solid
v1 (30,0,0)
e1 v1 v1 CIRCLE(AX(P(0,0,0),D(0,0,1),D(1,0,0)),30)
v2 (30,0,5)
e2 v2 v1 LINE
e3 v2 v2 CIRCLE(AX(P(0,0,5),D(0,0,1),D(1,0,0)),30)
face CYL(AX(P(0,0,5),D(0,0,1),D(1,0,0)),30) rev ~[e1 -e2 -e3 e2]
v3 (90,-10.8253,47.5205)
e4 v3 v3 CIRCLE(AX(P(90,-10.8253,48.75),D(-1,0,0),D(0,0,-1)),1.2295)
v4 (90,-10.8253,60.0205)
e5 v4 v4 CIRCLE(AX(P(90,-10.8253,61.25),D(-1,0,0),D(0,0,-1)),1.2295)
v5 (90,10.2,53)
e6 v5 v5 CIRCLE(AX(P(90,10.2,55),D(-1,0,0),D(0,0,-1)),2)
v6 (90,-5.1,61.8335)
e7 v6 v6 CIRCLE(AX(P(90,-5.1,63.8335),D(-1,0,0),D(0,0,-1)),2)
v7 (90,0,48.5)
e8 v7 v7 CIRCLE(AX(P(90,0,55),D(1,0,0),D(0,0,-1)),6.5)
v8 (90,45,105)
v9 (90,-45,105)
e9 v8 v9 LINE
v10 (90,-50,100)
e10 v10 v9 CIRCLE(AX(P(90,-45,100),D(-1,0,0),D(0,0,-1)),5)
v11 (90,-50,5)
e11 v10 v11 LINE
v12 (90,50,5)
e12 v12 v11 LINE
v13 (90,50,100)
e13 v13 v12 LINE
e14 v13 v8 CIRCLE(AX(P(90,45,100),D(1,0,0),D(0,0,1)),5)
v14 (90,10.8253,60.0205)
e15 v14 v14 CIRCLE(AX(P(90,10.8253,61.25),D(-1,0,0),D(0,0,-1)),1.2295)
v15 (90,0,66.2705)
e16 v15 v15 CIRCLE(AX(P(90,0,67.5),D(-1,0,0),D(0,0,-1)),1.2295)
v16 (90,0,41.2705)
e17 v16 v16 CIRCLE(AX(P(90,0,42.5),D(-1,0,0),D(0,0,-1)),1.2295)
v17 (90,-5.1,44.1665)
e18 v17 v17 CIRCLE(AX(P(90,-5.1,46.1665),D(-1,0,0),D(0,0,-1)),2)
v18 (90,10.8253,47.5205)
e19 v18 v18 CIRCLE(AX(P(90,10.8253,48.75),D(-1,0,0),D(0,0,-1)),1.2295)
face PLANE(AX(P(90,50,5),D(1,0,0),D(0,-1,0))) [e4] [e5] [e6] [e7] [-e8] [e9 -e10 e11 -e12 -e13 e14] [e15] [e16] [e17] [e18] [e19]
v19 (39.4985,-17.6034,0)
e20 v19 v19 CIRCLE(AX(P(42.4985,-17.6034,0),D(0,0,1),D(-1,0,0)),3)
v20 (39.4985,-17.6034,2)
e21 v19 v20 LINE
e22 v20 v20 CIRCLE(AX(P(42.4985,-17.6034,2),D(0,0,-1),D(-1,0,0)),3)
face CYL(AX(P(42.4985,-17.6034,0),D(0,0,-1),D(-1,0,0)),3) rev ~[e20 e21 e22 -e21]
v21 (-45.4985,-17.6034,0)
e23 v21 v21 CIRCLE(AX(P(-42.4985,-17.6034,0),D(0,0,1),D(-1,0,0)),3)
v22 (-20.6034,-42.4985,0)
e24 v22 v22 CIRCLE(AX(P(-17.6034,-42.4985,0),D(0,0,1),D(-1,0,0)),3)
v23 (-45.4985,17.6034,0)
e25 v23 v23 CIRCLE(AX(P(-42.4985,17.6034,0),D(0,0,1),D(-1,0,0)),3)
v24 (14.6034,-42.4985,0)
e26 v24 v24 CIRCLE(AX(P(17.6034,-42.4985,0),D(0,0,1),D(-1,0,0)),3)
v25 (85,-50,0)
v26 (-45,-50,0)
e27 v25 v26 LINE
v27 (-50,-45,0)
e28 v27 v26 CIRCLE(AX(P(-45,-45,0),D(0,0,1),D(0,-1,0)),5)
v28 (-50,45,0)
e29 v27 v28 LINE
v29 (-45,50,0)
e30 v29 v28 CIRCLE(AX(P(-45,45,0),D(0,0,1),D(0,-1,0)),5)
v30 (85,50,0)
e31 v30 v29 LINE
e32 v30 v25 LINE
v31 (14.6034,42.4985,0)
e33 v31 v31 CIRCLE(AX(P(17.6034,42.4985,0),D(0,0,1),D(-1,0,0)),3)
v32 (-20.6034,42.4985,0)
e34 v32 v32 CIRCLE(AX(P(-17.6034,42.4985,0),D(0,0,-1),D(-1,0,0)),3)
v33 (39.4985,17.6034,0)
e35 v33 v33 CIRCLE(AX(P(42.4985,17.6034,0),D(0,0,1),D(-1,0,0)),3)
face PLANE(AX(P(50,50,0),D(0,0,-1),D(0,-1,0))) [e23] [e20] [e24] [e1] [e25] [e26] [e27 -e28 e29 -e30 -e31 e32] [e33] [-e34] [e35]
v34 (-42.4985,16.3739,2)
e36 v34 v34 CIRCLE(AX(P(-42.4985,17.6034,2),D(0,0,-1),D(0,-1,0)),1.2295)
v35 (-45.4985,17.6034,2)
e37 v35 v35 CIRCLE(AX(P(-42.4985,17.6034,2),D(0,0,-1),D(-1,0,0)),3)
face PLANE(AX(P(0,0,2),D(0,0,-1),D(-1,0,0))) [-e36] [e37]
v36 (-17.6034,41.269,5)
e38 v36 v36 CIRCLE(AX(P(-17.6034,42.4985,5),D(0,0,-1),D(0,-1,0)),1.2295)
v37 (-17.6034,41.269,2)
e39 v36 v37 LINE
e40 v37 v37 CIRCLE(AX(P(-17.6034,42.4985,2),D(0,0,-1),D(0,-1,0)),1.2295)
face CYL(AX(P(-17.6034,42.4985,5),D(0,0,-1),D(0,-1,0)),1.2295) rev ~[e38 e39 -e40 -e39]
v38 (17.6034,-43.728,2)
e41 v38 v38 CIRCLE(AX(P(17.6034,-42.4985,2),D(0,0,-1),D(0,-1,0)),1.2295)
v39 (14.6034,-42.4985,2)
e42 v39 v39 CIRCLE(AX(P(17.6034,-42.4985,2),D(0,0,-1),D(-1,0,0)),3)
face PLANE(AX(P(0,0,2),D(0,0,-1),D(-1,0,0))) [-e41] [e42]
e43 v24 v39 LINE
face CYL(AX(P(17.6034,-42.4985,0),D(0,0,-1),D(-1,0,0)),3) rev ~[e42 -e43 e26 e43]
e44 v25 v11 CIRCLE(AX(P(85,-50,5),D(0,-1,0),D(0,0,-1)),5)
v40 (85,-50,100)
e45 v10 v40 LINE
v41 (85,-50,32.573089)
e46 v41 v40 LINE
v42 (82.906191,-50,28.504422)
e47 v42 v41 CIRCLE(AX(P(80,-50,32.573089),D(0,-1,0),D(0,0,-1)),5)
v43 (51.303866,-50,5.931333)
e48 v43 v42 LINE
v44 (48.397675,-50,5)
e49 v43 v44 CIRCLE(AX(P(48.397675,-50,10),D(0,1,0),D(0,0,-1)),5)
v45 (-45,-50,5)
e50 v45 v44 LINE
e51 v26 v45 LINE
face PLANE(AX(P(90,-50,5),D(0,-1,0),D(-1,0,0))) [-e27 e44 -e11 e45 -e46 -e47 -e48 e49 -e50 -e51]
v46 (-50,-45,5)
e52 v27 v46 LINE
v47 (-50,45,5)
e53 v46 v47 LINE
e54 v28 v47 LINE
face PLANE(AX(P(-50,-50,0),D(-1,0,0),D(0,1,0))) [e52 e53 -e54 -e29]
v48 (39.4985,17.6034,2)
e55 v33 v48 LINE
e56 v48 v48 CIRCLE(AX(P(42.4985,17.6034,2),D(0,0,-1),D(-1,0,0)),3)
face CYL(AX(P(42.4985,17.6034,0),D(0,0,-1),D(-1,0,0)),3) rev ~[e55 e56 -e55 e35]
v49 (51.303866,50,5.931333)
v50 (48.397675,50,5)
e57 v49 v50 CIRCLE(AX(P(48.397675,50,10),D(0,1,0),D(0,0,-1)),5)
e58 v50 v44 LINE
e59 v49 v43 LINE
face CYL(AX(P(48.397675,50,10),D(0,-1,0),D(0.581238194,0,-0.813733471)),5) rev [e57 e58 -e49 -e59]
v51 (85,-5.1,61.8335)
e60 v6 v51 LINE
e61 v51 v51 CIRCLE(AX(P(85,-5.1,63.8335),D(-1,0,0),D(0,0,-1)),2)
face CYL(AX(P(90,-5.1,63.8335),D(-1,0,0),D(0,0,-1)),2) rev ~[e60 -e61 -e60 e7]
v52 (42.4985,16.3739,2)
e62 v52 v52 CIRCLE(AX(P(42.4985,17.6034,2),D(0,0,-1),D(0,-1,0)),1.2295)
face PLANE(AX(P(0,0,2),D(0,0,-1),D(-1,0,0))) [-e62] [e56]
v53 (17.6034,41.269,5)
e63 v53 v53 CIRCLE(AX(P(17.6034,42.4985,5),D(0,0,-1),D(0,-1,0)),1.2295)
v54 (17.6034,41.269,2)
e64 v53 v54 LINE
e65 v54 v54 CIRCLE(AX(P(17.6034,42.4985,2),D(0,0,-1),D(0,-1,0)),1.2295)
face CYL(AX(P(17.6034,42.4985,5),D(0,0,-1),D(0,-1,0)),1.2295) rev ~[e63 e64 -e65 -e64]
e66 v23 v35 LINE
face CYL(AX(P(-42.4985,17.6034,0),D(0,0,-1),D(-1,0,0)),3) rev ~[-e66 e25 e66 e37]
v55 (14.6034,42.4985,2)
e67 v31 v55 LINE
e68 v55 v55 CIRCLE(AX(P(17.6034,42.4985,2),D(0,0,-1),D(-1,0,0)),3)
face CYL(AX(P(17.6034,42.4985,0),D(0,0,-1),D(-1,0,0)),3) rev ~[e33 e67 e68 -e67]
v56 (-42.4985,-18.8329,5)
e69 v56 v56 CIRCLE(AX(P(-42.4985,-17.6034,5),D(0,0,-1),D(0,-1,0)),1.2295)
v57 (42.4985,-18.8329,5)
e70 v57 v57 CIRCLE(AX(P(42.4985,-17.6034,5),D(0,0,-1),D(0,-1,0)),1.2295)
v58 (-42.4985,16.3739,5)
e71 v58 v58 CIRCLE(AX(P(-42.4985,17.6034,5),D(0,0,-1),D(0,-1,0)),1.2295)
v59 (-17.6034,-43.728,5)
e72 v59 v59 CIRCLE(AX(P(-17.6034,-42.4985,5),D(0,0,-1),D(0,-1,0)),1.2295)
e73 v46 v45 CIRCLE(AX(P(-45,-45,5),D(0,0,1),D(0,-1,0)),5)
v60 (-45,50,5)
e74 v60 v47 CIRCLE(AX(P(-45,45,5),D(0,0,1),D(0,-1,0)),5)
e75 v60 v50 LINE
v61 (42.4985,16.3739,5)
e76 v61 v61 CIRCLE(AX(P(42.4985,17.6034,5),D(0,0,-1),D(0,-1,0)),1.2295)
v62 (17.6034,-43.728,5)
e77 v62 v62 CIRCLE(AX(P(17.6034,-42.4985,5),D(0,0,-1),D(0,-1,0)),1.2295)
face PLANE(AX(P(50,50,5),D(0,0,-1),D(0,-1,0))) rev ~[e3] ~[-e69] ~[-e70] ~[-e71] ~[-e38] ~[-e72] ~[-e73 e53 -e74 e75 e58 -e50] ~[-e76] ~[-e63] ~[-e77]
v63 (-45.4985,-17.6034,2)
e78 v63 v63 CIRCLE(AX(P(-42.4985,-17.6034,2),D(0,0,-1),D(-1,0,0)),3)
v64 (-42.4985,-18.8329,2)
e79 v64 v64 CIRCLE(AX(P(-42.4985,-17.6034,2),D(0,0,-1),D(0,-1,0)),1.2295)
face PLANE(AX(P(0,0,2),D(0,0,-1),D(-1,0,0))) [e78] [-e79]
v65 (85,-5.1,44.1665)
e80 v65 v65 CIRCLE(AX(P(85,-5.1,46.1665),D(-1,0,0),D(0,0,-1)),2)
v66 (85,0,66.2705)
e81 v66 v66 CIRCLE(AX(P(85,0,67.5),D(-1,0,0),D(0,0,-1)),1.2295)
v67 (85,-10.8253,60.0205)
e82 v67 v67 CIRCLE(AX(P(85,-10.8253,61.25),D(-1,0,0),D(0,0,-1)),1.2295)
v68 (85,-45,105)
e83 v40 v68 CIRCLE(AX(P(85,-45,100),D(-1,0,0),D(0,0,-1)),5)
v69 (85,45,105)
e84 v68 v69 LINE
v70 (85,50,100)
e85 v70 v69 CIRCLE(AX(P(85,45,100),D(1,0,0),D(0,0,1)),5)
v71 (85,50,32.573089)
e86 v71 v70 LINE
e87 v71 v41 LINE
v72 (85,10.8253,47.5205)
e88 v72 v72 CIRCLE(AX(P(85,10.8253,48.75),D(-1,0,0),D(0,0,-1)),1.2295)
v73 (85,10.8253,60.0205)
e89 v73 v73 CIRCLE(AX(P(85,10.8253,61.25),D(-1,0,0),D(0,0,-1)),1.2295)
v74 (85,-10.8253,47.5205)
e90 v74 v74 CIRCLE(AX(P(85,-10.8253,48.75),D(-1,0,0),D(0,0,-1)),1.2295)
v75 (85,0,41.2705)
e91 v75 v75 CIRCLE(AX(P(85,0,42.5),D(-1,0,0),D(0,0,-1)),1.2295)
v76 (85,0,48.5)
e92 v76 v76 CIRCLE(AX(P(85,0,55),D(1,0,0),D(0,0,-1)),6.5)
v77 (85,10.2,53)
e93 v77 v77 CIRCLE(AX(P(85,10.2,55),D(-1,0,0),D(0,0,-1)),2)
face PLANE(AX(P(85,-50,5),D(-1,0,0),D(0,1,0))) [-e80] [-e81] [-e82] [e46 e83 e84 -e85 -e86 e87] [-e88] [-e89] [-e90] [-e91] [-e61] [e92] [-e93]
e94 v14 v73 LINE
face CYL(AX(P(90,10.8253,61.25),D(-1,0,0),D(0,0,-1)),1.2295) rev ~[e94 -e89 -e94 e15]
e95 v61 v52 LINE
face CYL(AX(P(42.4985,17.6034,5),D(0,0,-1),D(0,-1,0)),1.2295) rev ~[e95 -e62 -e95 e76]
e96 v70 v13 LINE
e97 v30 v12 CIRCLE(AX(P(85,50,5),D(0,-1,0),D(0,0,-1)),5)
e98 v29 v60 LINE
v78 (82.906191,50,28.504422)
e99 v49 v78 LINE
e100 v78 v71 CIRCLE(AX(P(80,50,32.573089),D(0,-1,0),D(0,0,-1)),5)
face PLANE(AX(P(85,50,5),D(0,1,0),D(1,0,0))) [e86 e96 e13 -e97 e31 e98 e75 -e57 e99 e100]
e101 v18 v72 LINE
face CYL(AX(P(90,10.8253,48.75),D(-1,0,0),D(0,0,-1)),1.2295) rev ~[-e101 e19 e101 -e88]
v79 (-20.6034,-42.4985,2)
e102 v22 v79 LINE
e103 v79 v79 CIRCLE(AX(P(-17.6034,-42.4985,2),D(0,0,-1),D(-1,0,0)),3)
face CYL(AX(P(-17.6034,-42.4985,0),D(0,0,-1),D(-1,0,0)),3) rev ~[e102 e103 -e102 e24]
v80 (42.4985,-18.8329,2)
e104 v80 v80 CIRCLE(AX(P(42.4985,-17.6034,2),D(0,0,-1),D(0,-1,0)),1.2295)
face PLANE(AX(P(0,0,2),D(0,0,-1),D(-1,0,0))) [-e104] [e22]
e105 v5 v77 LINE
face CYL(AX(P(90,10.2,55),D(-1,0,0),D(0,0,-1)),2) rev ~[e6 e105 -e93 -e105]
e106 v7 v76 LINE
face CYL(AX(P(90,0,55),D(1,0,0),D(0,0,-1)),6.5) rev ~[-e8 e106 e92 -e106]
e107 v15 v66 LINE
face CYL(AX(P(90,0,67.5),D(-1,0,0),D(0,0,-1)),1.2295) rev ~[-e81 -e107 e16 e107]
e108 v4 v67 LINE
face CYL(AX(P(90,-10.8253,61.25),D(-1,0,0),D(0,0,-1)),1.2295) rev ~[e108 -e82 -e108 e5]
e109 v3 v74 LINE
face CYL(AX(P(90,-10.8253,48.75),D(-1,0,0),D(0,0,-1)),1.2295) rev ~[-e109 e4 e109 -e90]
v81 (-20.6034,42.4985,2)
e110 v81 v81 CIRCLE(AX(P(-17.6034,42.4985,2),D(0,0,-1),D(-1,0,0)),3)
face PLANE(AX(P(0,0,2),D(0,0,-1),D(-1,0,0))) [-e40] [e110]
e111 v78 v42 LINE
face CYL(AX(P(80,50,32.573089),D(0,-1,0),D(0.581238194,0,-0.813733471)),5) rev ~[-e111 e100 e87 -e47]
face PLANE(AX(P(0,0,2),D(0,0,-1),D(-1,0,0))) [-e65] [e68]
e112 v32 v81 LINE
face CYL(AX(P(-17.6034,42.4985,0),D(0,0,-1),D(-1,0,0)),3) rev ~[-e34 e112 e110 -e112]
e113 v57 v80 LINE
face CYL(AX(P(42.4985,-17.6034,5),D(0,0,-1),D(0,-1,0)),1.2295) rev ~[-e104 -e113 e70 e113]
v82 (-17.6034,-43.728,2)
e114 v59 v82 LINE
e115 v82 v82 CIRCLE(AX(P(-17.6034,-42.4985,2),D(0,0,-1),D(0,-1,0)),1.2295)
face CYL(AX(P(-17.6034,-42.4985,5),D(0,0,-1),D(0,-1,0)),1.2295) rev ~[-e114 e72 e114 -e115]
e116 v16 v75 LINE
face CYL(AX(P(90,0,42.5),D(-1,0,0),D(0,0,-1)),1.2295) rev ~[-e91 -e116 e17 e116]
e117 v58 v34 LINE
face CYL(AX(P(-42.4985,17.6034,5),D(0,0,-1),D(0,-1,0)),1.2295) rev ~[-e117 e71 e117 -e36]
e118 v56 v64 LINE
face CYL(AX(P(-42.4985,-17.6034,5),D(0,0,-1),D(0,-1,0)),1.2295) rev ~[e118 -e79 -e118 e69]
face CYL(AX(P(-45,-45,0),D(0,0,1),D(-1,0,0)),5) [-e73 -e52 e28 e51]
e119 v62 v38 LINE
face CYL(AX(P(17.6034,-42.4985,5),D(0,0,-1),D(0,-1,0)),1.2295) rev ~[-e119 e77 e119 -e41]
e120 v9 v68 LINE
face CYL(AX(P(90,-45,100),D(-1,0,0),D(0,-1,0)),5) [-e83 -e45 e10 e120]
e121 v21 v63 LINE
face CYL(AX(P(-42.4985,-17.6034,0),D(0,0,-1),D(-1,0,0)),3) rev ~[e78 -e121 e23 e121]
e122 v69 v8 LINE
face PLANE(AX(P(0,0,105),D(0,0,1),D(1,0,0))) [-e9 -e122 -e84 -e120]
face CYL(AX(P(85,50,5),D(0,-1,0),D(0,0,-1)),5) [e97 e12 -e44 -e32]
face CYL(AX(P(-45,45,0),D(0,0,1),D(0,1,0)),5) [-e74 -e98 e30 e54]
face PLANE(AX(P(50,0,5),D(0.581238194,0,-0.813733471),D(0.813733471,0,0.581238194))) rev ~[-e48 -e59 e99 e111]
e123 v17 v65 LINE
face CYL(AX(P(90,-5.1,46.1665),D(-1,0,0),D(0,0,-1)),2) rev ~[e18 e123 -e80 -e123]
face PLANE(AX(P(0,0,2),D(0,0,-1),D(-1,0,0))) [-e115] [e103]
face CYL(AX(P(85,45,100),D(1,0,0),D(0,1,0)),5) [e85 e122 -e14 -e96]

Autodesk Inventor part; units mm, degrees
ref_plane "YZ Plane" through (0, 0, 0) normal (1, 0, 0) x (0, 1, 0)
ref_plane "XZ Plane" through (0, 0, 0) normal (0, 1, 0) x (-1, 0, 0)
ref_plane "XY Plane" through (0, 0, 0) normal (0, 0, 1) x (1, 0, 0)
sketch "スケッチ1" plane through (0, 0, 0) normal (0, 0, 1) x (1, 0, 0)
  circle A0 centre (0, 0) radius 48.5
  circle A1 centre (0, 0) radius 46.0893
  line L0 (-50, 50) -> (50, 50)
  line L1 (50, 50) -> (50, -50)
  line L2 (50, -50) -> (-50, -50)
  line L3 (-50, -50) -> (-50, 50)
  dimension "d0" = 97
  dimension "d3" = 50
  dimension "d4" = 50
  dimension "d5" = 50
  dimension "d6" = 50
extrude "押し出し1" add sketch "スケッチ1" along normal blind 5 contours A0 | A1 | L0 L1 L2 L3
sketch "スケッチ2" plane through (0, 0, 5) normal (0, 0, 1) x (1, 0, 0)
  circle A0 centre (0, 0) radius 46
  line L0 (0, 0) -> (0, 64.6511)
  line L1 (0, 0) -> (-25.9524, 62.6547)
  line L2 (-50, 50) -> (-50, -50) projected
  point P0 (-17.6034, 42.4985)
  point P1 (-42.4985, 17.6034)
  point P2 (-42.4985, -17.6034)
  point P3 (-17.6034, -42.4985)
  point P4 (17.6034, -42.4985)
  point P5 (42.4985, -17.6034)
  point P6 (42.4985, 17.6034)
  point P7 (17.6034, 42.4985)
  dimension "d7" = 92
  dimension "d8" = 22.5
  dimension "d11" = 360
  dimension "d76" = 50
hole "穴1" at (-17.6034, 42.4985, 5) at (-42.4985, 17.6034, 5) at (-42.4985, -17.6034, 5) at (-17.6034, -42.4985, 5) at (17.6034, -42.4985, 5) at (42.4985, -17.6034, 5) at (42.4985, 17.6034, 5) at (17.6034, 42.4985, 5) direction (0, 0, -1) diameter 2.459 end through all
sketch "スケッチ3" plane through (0, 0, 5) normal (0, 0, 1) x (1, 0, 0)
  circle A0 centre (0, 0) radius 30
  dimension "d20" = 60
extrude "押し出し2" cut sketch "スケッチ3" against normal blind 5
sketch "スケッチ4" plane through (50, -50, 0) normal (1, 0, 0) x (0, 0, -1)
  line L0 (-5, 100) -> (-5, 0) projected
  line L1 (-5, 100) -> (0, 100)
  line L2 (0, 100) -> (0, 0)
  line L3 (0, 0) -> (-5, 0)
  line L4 (-5, 0) -> (-5, 100)
  point P0 (0, 50)
extrude "押し出し3" add sketch "スケッチ4" along normal blind 40
sketch "スケッチ5" plane through (0, 0, 5) normal (0, 0, 1) x (1, 0, 0)
  line L0 (-50, 50) -> (90, 50) projected
  line L1 (85, 50) -> (90, 50)
  line L2 (90, 50) -> (90, -50)
  line L3 (90, -50) -> (85, -50)
  line L4 (85, -50) -> (85, 50)
  line L5 (-50, -50) -> (90, -50) projected
  line L6 (90, 50) -> (90, -50) projected
  point P0 (0, 0)
  point P1 (90, 50)
  point P2 (90, 0)
  dimension "d25" = 0
  dimension "d26" = 5
  dimension "d27" = 100
  dimension "d70" = 0
extrude "押し出し4" add sketch "スケッチ5" along normal blind 100
sketch "スケッチ6" plane through (90, -50, 0) normal (1, 0, 0) x (0, 0, -1)
  circle A0 centre (-55, 50) radius 46
  line L0 (0, 0) -> (-105, 0) projected
  line L1 (0, 0) -> (0, 100) projected
  line L2 (-55, 50) -> (41.9537, 50)
  line L3 (-55, 50) -> (-55, 131.7305)
  line L4 (-55, 50) -> (-80.0101, 110.3797)
  circle A1 centre (-55, 50) radius 12.5
  line L5 (-55, 50) -> (-63.1841, 64.1753)
  point P0 (0, 50)
  point P1 (-72.6034, 92.4985)
  point P2 (-97.4985, 67.6034)
  point P3 (-97.4985, 32.3966)
  point P4 (-72.6034, 7.5015)
  point P5 (-37.3966, 7.5015)
  point P6 (-12.5015, 32.3966)
  point P7 (-12.5015, 67.6034)
  point P8 (-37.3966, 92.4985)
  point P9 (-61.25, 60.8253)
  point P10 (-67.5, 50)
  point P11 (-61.25, 39.1747)
  point P12 (-48.75, 39.1747)
  point P13 (-42.5, 50)
  point P14 (-48.75, 60.8253)
  dimension "d32" = 92
  dimension "d34" = 25
  dimension "d30" = 50
  dimension "d31" = 55
  dimension "d33" = 22.5
  dimension "d35" = 30
  dimension "d38" = 360
  dimension "d42" = 360
hole "穴2" at (90, 10.8253, 48.75) at (90, 10.8253, 61.25) at (90, 0, 67.5) at (90, 0, 42.5) at (90, -10.8253, 48.75) at (90, -10.8253, 61.25) direction (-1, 0, 0) diameter 2.459 end through all
sketch "スケッチ7" plane through (90, -50, 0) normal (1, 0, 0) x (0, 0, -1)
  line L0 (-55, 50) -> (26.223, 50)
  circle A0 centre (-55, 50) radius 10.2
  line L1 (0, 0) -> (0, 100) projected
  line L2 (0, 0) -> (-105, 0) projected
  line L3 (-55, 50) -> (-55, 82.0983)
  point P0 (0, 50)
  point P1 (-55, 60.2)
  point P2 (-63.8335, 44.9)
  point P3 (-46.1665, 44.9)
  dimension "d53" = 20.4
  dimension "d51" = 55
  dimension "d52" = 50
  dimension "d56" = 360
hole "穴3" at (90, 10.2, 55) at (90, -5.1, 63.8335) at (90, -5.1, 46.1665) direction (-1, 0, 0) diameter 4 end through all
sketch "スケッチ8" plane through (90, -50, 0) normal (1, 0, 0) x (0, 0, -1)
  circle A0 centre (-55, 50) radius 6.5
  line L0 (0, 0) -> (0, 100) projected
  line L1 (0, 0) -> (-105, 0) projected
  point P0 (0, 50)
  dimension "d65" = 13
  dimension "d66" = 55
  dimension "d67" = 50
extrude "押し出し5" cut sketch "スケッチ8" against normal through all
sketch "スケッチ13" plane through (0, 0, 0) normal (0, 1, 0) x (-1, 0, 0)
  line L0 (-90, 0) -> (-50, 0)
  line L1 (-50, 0) -> (-50, 30)
  line L2 (-50, 30) -> (-90, 30)
  line L3 (-90, 30) -> (-90, 0)
  line L4 (-90, 0) -> (-90, 105) projected
  line L5 (50, 0) -> (-90, 0) projected
  arc A0 (-85, 10) -> (-80, 5) centre (-80, 10) ccw projected
  line L6 (-80, 5) -> (-46.2653, 5)
  line L7 (-50, 5) -> (-85, 30)
  point P0 (0, 0)
  point P1 (-90, 5)
  point P2 (-90, 100)
  point P3 (45, 0)
  point P4 (-85, 0)
  dimension "d92" = 40
  dimension "d93" = 0
  dimension "d94" = 30
  dimension "d95" = 0
extrude "押し出し9" add sketch "スケッチ13" along normal mid plane 100 contours L3 L2 L7 L1 L0
fillet "フィレット2" radius 5 7 edges at (-50, -50, 2.5) (-50, 50, 2.5) (85, 0, 30) (90, 0, 0) (50, 0, 5) (87.5, -50, 105) (87.5, 50, 105)
sketch "スケッチ16" plane through (0, 0, 0) normal (0, 0, -1) x (-1, 0, 0)
  circle A0 centre (17.6034, 42.4985) radius 1.2295 projected
  circle A1 centre (0, 0) radius 46
  circle A2 centre (17.6034, 42.4985) radius 3
  circle A3 centre (-17.6034, 42.4985) radius 3
  circle A4 centre (-42.4985, 17.6034) radius 3
  circle A5 centre (-42.4985, -17.6034) radius 3
  circle A6 centre (-17.6034, -42.4985) radius 3
  circle A7 centre (17.6034, -42.4985) radius 3
  circle A8 centre (42.4985, -17.6034) radius 3
  circle A9 centre (42.4985, 17.6034) radius 3
  dimension "d113" = 6
  dimension "d116" = 360
extrude "押し出し12" cut sketch "スケッチ16" against normal blind 2 contours A0 A1 | A0 A1 A2 | A1 A0 | A0 A1 A2 | A3 A1 | A1 A3 | A9 A1 | A1 A9 | A4 A1 | A1 A4 | A8 A1 | A1 A8 | A5 A1 | A1 A5 | A7 A1 | A1 A7 | A6 A1 | A1 A6
equation "\"d4\" = d3"
equation "\"d5\" = d3"
equation "\"d6\" = d5"
properties part number "legparts_07(four)"
